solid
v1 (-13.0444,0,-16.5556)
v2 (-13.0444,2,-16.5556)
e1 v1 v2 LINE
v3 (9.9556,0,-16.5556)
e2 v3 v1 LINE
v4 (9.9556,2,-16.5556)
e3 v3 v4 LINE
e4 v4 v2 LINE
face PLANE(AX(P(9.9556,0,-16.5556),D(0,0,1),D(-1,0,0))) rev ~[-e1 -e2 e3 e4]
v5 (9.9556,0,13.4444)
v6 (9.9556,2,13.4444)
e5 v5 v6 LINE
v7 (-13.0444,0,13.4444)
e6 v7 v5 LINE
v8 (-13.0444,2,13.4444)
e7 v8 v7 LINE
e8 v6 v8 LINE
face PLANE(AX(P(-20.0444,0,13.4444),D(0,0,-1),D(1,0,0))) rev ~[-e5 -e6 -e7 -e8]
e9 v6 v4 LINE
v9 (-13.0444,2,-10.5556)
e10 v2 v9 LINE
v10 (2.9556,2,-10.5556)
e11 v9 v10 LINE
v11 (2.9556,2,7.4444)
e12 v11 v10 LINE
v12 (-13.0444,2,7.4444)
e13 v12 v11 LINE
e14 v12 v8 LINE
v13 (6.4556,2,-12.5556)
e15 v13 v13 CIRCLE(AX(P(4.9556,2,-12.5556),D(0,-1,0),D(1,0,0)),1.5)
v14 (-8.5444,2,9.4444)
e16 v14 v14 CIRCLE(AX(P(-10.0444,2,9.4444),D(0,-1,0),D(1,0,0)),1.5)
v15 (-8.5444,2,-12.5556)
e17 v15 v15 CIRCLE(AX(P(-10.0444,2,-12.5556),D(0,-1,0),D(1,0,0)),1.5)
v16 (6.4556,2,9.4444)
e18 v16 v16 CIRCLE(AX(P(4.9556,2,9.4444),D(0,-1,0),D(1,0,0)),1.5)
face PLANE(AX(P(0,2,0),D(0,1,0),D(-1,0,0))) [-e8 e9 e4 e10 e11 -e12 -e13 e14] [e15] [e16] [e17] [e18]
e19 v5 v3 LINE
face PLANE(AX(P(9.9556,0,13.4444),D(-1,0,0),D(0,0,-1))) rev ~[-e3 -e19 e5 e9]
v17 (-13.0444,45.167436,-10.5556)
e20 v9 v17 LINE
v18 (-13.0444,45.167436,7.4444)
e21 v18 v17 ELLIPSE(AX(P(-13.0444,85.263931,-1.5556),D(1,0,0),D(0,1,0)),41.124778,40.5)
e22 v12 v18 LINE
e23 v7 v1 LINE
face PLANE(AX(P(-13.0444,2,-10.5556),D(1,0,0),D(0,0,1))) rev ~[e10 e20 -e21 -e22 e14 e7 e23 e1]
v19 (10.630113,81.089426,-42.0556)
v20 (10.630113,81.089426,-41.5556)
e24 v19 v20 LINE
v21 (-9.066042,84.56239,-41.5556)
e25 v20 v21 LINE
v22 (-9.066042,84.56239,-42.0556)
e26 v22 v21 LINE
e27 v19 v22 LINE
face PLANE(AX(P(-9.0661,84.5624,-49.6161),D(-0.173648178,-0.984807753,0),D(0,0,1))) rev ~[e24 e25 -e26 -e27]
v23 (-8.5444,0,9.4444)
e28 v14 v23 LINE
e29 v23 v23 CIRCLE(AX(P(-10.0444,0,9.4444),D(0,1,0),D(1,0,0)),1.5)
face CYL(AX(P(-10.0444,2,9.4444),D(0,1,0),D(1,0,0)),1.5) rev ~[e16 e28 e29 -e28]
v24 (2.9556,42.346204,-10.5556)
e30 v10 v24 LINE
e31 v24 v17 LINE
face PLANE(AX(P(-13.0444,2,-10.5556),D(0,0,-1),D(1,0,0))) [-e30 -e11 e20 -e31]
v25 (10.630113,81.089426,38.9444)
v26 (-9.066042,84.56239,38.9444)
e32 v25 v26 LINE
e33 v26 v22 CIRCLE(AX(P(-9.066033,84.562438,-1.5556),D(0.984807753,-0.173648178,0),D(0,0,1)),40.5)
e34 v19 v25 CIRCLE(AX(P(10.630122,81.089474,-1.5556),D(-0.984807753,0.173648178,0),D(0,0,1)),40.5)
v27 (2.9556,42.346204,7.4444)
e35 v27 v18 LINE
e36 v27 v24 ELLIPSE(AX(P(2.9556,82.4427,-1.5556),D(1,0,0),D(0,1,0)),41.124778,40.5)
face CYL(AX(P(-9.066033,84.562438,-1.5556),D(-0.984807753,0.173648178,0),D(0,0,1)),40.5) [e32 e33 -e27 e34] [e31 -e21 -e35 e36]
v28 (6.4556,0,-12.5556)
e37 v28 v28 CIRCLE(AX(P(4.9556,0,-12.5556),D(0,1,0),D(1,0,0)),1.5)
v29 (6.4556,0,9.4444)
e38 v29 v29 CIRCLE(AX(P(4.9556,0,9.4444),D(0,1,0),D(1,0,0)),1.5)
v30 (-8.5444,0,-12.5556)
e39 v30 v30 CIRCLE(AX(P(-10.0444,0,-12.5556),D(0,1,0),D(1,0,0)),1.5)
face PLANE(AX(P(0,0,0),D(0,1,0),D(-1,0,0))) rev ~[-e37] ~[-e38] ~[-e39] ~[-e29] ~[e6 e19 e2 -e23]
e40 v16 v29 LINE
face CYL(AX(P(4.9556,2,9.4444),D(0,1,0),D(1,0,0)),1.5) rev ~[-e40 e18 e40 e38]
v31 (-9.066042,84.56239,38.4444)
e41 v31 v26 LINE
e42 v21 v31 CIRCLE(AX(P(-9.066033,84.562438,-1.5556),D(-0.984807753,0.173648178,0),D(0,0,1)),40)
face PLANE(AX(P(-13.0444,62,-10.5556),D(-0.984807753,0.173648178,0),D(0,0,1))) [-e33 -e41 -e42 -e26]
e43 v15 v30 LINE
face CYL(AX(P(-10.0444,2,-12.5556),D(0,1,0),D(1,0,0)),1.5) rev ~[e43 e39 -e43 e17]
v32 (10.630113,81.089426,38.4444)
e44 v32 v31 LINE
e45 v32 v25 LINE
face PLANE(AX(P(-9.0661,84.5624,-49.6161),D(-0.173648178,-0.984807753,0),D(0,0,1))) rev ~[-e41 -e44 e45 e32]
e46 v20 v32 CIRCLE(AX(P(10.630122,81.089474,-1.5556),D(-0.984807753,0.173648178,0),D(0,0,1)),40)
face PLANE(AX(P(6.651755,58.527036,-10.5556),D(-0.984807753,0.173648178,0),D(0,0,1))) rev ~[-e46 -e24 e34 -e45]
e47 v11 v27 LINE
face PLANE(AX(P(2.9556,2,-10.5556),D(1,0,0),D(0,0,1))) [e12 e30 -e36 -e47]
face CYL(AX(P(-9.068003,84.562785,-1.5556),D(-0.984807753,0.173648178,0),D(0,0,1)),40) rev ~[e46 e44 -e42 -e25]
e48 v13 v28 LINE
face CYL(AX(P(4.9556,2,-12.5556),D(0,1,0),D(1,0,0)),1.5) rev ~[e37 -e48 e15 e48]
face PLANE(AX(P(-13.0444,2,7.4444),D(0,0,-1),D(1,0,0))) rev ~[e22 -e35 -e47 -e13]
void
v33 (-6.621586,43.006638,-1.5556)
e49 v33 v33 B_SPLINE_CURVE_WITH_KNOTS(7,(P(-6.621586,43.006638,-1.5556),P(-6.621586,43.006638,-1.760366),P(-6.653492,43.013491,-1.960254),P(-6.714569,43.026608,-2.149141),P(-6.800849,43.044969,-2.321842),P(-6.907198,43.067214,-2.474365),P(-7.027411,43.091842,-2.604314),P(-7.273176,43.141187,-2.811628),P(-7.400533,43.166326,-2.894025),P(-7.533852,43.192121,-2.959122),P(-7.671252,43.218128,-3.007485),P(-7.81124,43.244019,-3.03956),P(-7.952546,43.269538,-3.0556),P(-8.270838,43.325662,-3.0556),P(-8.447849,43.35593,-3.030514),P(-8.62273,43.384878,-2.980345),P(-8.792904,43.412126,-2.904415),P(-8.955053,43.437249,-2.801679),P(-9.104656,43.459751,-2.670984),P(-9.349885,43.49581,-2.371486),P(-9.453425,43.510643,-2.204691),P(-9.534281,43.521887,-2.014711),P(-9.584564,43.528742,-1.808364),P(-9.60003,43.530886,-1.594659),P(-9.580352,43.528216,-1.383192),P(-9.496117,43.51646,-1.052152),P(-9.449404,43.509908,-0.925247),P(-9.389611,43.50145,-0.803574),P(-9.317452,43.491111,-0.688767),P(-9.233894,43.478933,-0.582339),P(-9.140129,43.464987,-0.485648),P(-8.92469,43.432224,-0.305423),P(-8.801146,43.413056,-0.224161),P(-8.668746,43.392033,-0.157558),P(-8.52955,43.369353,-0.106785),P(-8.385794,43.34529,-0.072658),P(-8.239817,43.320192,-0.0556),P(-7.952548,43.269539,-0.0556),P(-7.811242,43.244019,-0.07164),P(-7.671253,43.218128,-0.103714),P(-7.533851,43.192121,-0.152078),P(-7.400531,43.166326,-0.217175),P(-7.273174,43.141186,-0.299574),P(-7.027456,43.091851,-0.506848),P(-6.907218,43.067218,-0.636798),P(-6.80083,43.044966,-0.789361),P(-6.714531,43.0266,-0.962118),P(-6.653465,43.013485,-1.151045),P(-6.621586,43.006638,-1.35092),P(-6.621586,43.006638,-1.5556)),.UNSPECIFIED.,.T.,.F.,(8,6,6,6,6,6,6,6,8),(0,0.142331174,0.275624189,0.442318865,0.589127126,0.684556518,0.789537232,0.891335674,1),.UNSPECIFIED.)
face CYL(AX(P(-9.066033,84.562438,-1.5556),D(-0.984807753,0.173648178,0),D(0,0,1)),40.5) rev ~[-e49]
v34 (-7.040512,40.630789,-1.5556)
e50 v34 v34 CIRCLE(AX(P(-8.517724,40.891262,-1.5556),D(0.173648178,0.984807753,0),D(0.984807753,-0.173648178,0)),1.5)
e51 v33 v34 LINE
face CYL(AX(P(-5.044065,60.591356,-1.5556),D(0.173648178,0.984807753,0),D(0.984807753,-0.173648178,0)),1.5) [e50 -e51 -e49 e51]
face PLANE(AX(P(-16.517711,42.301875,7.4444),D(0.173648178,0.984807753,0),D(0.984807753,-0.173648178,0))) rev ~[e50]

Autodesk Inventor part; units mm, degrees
ref_plane "YZ Plane" through (0, 0, 0) normal (1, 0, 0) x (0, 1, 0)
ref_plane "XZ Plane" through (0, 0, 0) normal (0, 1, 0) x (-1, 0, 0)
sketch "草图1" plane through (0, 0, 0) normal (0, 1, 0) x (-1, 0, 0)
  line L0 (20.0444, 13.4444) -> (-9.9556, 13.4444)
  line L1 (-9.9556, 13.4444) -> (-9.9556, -16.5556)
  line L2 (-9.9556, -16.5556) -> (20.0444, -16.5556)
  line L3 (20.0444, -16.5556) -> (20.0444, 13.4444)
  line L4 (0.0444, 13.4444) -> (-7.4556, 13.4444)
  line L5 (0.0444, 13.4444) -> (7.5444, 13.4444)
  dimension "d0" = 30
  dimension "d1" = 30
extrude "拉伸1" add sketch "草图1" along normal blind 2
sketch "草图2" plane through (0, 2, 0) normal (0, 1, 0) x (1, 0, 0)
  line L0 (9.9556, 16.5556) -> (-20.0444, 16.5556) projected
  circle A0 centre (4.9556, 12.5556) radius 1.5
  circle A1 centre (-10.0444, 12.5556) radius 1.5
  circle A2 centre (-10.0444, -9.4444) radius 1.5
  circle A3 centre (4.9556, -9.4444) radius 1.5
  line L1 (-10.0444, 12.5556) -> (-10.0444, 16.5556)
  line L2 (4.9556, 12.5556) -> (4.9556, 16.5556)
  line L3 (-10.0444, -9.4444) -> (-10.0444, -13.4444)
  line L4 (-20.0444, -13.4444) -> (9.9556, -13.4444) projected
  line L5 (4.9556, -9.4444) -> (4.9556, -13.4444)
  line L6 (9.9556, -13.4444) -> (9.9556, 16.5556) projected
  line L7 (-20.0444, 16.5556) -> (-20.0444, -13.4444) projected
  point P0 (0, 0)
  dimension "d15" = 3
  dimension "d16" = 3
  dimension "d17" = 3
  dimension "d108" = 4
  dimension "d109" = 4
  dimension "d110" = 4
  dimension "d111" = 4
  dimension "d112" = 5
  dimension "d113" = 10
extrude "拉伸2" cut sketch "草图2" against normal blind 2 contours A0 | A1 | A2 | A3
sketch "草图3" plane through (0, 2, 0) normal (0, 1, 0) x (1, 0, 0)
  circle A0 centre (4.9556, 12.5556) radius 1.5 projected
  circle A1 centre (-10.0444, -9.4444) radius 1.5 projected
  line L0 (2.9556, 10.5556) -> (2.9556, -7.4444)
  line L1 (-13.0444, 10.5556) -> (-13.0444, -7.4444)
  line L2 (-13.0444, -7.4444) -> (2.9556, -7.4444)
  line L3 (-13.0444, 10.5556) -> (2.9556, 10.5556)
  line L4 (-22.598, 1.5556) -> (13.9828, 1.5556)
  point P0 (0, 0)
  dimension "d137" = 11
extrude "拉伸3" add sketch "草图3" along normal blind 60 contours L0 L4 L1 L3 | L0 L2 L1 L4
chamfer "倒角5" distance 16 angle 10 1 edges at (2.9556, 62, -1.5556) measured on face at (-2.3778, 62, 1.4444)
sketch "草图29" plane through (0, 2, 0) normal (0, 1, 0) x (1, 0, 0)
  line L0 (-13.0444, -7.4444) -> (-13.0444, 10.5556) projected
  line L1 (-13.0444, 10.5556) -> (-20.9964, 10.5556)
  line L2 (-20.9964, 10.5556) -> (-20.9964, -16.1821)
  line L3 (-20.9964, -16.1821) -> (-13.0444, -16.1821)
  line L4 (-13.0444, -16.1821) -> (-13.0444, 10.5556)
  line L5 (-13.0444, 10.5556) -> (-22.8537, 10.5556)
  line L6 (-22.8537, 10.5556) -> (-22.8537, 28.4787)
  line L7 (-22.8537, 28.4787) -> (-13.0444, 28.4787)
  line L8 (-13.0444, 28.4787) -> (-13.0444, 10.5556)
  point P0 (0, 0)
  point P1 (-20.0444, -13.4444)
extrude "拉伸15" cut sketch "草图29" against normal blind 20
sketch "草图31" plane through (-13.0444, 62, 7.4444) normal (0.1736, 0.9848, 0) x (0.9848, -0.1736, 0)
  line L0 (0, 18) -> (0, 0) projected
  line L1 (0, 9) -> (16.2468, 9)
  line L2 (16.2468, 0) -> (16.2468, 18) projected
  circle A0 centre (8.1234, 9) radius 1.5
  point P0 (23.6125, 7.4444)
  dimension "d134" = 3
extrude "拉伸16" cut sketch "草图31" against normal blind 20
ref_plane "工作平面4" through (-13.0444, 62, -10.5556) normal (-0.9848, 0.1736, 0) x (0, 0, 1)
ref_plane "工作平面3" through (2.9556, 59.1788, -1.5556) normal (0.1736, 0.9848, 0) x (0.9848, -0.1736, 0)
sketch "草图36" plane through (-13.0444, 62, -10.5556) normal (-0.9848, 0.1736, 0) x (0, 0, 1)
  line L0 (18, 0) -> (0, 0) projected
  circle A0 centre (9, 0) radius 15
  point P0 (10.5556, -58.7929)
  dimension "d140" = 30
extrude "拉伸17" cut sketch "草图36" against normal blind 200
sketch "草图38" plane through (-13.0444, 62, -10.5556) normal (-0.9848, 0.1736, 0) x (0, 0, 1)
  line L0 (9, -17.5895) -> (9, 63.4105)
  circle A0 centre (9, 22.9105) radius 40.5
  point P0 (10.5556, -58.7929)
  dimension "d143" = 81
extrude "拉伸18" add sketch "草图38" against normal blind 20
sketch "草图39" plane through (-9.0661, 84.5624, -1.5556) normal (-0.9848, 0.1736, 0) x (0, 0, 1)
  line L0 (-48.0605, 0) -> (68.7188, 0)
  line L1 (68.7188, 0) -> (68.7188, 57.1611)
  line L2 (68.7188, 57.1611) -> (-48.0605, 57.1611)
  line L3 (-48.0605, 57.1611) -> (-48.0605, 0)
  point P0 (1.5556, -81.7034)
extrude "拉伸19" cut sketch "草图39" against normal through all
sketch "草图41" plane through (-13.0444, 62, -10.5556) normal (-0.9848, 0.1736, 0) x (0, 0, 1)
  line L0 (49.5, 22.9105) -> (-31.5, 22.9105) projected
  circle A0 centre (9, 22.9105) radius 40
  point P0 (10.5556, -58.7929)
  dimension "d148" = 80
extrude "拉伸20" cut sketch "草图41" against normal blind 20
equation "\"折弯半径\" = 厚度"
equation "\"折弯释压宽度\" = 厚度"
equation "\"折弯释压深度\" = 0.5 * 厚度"
equation "\"拐角释压尺寸\" = 4 * 厚度"
equation "\"最小余量\" = 2 * 厚度"
equation "\"过渡半径\" = 折弯半径"
equation "\"Jacobi半径尺寸\" = 折弯半径"
equation "\"间隙大小\" = 厚度"
equation "\"厚度\" = 0.5"
properties part number "_3D 打印"
